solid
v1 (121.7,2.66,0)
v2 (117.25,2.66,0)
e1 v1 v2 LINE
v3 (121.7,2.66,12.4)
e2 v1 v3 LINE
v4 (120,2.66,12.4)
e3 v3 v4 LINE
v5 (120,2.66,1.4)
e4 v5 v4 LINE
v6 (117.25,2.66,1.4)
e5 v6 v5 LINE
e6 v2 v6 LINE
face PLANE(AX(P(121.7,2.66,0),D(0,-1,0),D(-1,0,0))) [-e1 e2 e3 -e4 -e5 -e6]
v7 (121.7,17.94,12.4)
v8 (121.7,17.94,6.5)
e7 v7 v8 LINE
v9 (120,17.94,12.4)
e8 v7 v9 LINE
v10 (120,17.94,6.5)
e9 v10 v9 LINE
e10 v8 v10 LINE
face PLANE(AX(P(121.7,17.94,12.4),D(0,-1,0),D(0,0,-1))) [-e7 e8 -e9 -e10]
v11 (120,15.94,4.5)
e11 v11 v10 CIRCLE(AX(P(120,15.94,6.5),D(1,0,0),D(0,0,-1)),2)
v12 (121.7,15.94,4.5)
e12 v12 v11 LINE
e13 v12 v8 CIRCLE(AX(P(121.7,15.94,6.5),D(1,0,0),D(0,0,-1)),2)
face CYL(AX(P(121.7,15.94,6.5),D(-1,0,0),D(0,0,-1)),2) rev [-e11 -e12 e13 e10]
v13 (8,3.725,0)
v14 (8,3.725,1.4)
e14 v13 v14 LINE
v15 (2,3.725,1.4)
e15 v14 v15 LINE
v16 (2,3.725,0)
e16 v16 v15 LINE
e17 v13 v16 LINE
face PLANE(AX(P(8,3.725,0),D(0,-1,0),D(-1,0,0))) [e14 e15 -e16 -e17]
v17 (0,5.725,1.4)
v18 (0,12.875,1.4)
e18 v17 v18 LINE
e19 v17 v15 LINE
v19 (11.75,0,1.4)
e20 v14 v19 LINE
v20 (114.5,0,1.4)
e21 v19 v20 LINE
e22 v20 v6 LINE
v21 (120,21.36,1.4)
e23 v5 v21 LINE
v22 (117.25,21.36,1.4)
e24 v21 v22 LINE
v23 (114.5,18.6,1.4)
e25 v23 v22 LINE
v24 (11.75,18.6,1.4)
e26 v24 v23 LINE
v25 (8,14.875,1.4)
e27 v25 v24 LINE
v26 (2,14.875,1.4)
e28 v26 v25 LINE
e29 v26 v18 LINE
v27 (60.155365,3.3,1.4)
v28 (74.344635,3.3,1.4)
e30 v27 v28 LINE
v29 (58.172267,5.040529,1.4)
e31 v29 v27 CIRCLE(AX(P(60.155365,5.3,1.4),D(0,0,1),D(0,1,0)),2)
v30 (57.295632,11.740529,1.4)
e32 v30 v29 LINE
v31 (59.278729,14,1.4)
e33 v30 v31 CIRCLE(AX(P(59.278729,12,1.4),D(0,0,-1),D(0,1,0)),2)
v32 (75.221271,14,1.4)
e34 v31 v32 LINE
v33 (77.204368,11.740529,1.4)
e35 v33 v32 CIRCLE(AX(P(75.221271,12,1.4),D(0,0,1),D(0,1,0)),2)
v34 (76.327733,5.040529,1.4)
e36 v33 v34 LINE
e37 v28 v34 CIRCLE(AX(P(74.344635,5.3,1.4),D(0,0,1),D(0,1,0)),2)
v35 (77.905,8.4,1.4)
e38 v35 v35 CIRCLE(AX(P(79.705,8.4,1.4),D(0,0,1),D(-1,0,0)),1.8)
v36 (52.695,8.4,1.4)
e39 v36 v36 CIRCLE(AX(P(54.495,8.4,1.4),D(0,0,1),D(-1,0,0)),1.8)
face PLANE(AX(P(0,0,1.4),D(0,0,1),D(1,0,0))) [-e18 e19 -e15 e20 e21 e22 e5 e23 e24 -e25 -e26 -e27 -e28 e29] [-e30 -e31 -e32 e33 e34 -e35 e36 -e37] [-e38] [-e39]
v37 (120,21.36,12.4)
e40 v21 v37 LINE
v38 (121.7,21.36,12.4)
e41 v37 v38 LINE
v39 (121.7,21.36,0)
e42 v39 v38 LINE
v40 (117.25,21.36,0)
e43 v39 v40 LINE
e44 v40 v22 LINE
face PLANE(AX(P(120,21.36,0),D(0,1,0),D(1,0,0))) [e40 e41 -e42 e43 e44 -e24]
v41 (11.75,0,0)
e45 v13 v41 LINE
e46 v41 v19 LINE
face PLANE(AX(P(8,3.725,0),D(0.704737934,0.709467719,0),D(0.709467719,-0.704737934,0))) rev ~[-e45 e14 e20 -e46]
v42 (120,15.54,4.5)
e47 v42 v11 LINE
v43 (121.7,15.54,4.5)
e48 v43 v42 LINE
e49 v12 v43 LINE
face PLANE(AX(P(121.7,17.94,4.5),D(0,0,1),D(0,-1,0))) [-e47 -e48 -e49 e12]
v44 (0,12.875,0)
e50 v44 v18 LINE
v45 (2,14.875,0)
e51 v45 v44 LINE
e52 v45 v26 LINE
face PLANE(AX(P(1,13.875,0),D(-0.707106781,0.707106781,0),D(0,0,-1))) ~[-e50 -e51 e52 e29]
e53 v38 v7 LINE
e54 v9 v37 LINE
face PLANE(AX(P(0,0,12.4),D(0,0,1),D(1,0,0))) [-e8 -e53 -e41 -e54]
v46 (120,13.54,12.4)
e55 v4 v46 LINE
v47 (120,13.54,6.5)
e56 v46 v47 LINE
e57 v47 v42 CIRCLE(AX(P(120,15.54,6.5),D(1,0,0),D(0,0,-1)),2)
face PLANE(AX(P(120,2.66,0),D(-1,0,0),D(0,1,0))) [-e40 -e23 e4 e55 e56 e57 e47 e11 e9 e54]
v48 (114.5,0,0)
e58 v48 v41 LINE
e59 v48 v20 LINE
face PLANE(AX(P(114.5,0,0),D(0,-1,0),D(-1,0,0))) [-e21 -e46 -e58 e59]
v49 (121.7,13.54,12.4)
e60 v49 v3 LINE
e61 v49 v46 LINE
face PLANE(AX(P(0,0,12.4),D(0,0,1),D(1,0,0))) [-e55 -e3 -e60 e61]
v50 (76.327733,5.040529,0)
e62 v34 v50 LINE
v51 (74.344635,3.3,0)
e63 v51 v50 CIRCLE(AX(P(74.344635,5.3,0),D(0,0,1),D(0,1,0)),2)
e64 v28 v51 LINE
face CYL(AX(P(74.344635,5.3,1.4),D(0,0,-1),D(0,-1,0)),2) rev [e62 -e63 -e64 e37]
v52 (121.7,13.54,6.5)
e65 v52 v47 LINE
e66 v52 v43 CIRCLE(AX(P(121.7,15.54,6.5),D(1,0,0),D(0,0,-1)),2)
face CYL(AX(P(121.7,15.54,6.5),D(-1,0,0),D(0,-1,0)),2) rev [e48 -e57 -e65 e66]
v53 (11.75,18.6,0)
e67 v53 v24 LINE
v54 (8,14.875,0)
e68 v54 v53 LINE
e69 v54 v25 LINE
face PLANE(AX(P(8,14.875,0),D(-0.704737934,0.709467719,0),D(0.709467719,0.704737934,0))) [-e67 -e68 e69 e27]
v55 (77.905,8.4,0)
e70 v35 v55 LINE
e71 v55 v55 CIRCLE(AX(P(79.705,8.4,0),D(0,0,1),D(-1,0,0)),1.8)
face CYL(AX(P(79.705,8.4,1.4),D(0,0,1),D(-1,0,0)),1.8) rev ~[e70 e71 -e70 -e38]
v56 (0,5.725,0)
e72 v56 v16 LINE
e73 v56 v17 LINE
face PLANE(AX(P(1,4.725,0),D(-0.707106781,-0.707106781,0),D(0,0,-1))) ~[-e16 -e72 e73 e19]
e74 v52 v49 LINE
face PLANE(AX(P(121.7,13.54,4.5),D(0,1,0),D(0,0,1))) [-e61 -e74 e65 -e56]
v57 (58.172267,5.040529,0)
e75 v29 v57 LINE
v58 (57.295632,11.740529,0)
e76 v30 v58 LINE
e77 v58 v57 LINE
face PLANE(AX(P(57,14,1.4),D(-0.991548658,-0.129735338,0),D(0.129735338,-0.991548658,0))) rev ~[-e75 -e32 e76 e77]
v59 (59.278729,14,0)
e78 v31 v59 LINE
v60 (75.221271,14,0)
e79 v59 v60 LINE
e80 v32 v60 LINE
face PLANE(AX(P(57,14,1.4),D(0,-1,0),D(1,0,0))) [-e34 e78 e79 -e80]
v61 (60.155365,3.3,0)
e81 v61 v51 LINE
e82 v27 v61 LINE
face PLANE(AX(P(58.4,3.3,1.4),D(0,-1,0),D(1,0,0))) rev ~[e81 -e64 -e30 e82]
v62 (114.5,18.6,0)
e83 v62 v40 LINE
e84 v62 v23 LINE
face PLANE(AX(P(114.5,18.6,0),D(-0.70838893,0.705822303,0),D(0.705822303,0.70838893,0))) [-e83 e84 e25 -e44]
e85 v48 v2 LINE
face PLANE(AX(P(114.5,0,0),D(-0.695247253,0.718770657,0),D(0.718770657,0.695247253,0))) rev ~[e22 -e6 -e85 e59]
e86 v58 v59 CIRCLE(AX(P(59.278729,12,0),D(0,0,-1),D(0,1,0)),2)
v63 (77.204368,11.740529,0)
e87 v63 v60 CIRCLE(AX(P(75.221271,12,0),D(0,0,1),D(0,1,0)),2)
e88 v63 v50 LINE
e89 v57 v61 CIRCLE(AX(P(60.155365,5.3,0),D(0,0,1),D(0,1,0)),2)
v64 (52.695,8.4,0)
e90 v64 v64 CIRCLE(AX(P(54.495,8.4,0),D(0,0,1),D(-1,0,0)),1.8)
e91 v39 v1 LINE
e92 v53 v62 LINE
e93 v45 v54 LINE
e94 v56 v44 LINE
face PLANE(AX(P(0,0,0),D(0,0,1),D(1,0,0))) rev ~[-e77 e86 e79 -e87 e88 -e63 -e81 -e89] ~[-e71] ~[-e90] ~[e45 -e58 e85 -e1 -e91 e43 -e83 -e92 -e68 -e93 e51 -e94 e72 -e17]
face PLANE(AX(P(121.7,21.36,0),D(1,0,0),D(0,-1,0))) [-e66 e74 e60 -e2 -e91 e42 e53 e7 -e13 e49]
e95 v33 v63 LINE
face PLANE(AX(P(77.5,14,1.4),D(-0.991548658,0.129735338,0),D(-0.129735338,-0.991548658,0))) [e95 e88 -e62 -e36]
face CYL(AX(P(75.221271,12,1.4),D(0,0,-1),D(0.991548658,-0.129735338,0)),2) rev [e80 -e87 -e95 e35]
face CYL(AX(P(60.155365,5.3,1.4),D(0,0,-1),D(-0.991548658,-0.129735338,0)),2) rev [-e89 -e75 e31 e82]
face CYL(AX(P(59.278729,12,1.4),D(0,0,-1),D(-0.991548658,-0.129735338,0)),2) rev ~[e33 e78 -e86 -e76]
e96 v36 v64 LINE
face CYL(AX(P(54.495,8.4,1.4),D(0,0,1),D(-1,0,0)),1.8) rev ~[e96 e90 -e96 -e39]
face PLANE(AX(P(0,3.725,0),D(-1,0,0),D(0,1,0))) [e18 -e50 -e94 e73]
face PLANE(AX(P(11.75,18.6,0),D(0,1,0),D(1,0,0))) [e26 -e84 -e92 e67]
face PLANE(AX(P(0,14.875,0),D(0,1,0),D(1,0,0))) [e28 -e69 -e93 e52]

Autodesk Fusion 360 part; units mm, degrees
sketch "스케치1" plane through (0, 0, 0) normal (0, 0, 1) x (1, 0, 0)
  line L0 (11.75, 18.6) -> (114.5, 18.6)
  line L1 (114.5, 18.6) -> (114.5, 0)
  line L2 (114.5, 0) -> (11.75, 0)
  line L3 (11.75, 0) -> (11.75, 18.6)
  line L4 (0, 14.875) -> (8, 14.875)
  line L5 (8, 14.875) -> (8, 3.725)
  line L6 (8, 3.725) -> (0, 3.725)
  line L7 (0, 3.725) -> (0, 14.875)
  line L8 (0, 9.3) -> (8, 9.3) construction
  line L9 (8, 14.875) -> (11.75, 18.6)
  line L10 (8, 3.725) -> (11.75, 0)
  line L11 (1.75, 0) -> (22.5, 0)
  line L12 (0, 1.75) -> (0, 22.5)
  line L13 (120, 21.36) -> (117.25, 21.36)
  line L14 (117.25, 21.36) -> (117.25, 2.66)
  line L15 (117.25, 2.66) -> (120, 2.66)
  line L16 (120, 2.66) -> (120, 21.36)
  line L17 (114.5, 0) -> (144, 0) construction
  line L18 (114.5, 18.6) -> (117.25, 21.36)
  line L19 (114.5, 0) -> (117.25, 2.66)
  line L20 (120, 21.36) -> (121.7, 21.36)
  line L21 (121.7, 21.36) -> (121.7, 2.66)
  line L22 (121.7, 2.66) -> (120, 2.66)
  line L23 (120, 2.66) -> (120, 21.36)
  dimension "d1" = 102.75
  dimension "d2" = 18.6
  dimension "d3" = 8
  dimension "d4" = 11.15
  dimension "d5" = 3.75
  dimension "d6" = 18.7
  dimension "d7" = 2.66
  dimension "d8" = 2.75
  dimension "d9" = 2.75
  dimension "d10" = 1.7
extrude "돌출1" add sketch "스케치1" along normal blind 1.4 contours L0 L1 L2 L3 L11 | L3 L5 L9 L10 | L1 L14 L18 L19 | L4 L5 L6 L7 L12 | L13 L14 L15 L16 L23
extrude "돌출2" add sketch "스케치1" along normal blind 12.4 contours L16 L20 L21 L22 L23
chamfer "모따기1" distance 2 angle 45 2 edges at (0, 3.725, 0.7) (0, 14.875, 0.7)
sketch "스케치2" plane through (121.7, 0, 0) normal (1, 0, 0) x (0, 1, 0)
  line L0 (2.66, 0) -> (21.36, 0)
  line L1 (21.36, 0) -> (21.36, 12.4)
  line L2 (21.36, 12.4) -> (2.66, 12.4)
  line L3 (2.66, 12.4) -> (2.66, 0)
  line L4 (13.54, 12.4) -> (17.94, 12.4)
  line L5 (17.94, 12.4) -> (17.94, 4.5)
  line L6 (17.94, 4.5) -> (13.54, 4.5)
  line L7 (13.54, 4.5) -> (13.54, 12.4)
  dimension "d16" = 3.42
  dimension "d17" = 4.4
  dimension "d18" = 7.9
extrude "돌출3" cut sketch "스케치2" against normal blind 3 contours L2 L4 L5 L6 L7
fillet "모깎기1" radius 2 2 edges at (120.85, 13.54, 4.5) (120.85, 17.94, 4.5)
sketch "스케치3" plane through (0, 0, 1.4) normal (0, 0, 1) x (-1, 0, 0)
  line L0 (-2, -14.875) -> (0, -12.875)
  line L1 (0, -12.875) -> (0, -5.725)
  line L2 (0, -5.725) -> (-2, -3.725)
  line L3 (-2, -3.725) -> (-8, -3.725)
  line L4 (-8, -3.725) -> (-11.75, 0)
  line L5 (-11.75, 0) -> (-114.5, 0)
  line L6 (-114.5, 0) -> (-117.25, -2.66)
  line L7 (-117.25, -2.66) -> (-120, -2.66)
  line L8 (-120, -2.66) -> (-120, -21.36)
  line L9 (-120, -21.36) -> (-117.25, -21.36)
  line L10 (-117.25, -21.36) -> (-114.5, -18.6)
  line L11 (-114.5, -18.6) -> (-11.75, -18.6)
  line L12 (-11.75, -18.6) -> (-8, -14.875)
  line L13 (-8, -14.875) -> (-2, -14.875)
  line L14 (7.5, -3.3) -> (-137.5, -3.3) construction
  line L15 (-114.5, 0) -> (-11.75, 0)
  line L16 (7.5, -14) -> (-137.5, -14) construction
  line L17 (-57, -14) -> (-77.5, -14)
  line L18 (-58.4, -3.3) -> (-76.1, -3.3)
  line L19 (-57, -14) -> (-58.4, -3.3)
  line L20 (-77.5, -14) -> (-76.1, -3.3)
  line L21 (-67.25, -32) -> (-67.25, 14) construction
  line L22 (-57, -26) -> (-57, 12) construction
  line L23 (-77.5, -26) -> (-77.5, 12) construction
  circle A0 centre (-54.495, -8.4) radius 1.8
  circle A1 centre (-79.705, -8.4) radius 1.8
  line L24 (-77.905, -12) -> (-77.905, -5.5195) construction
  line L25 (-56.295, -12) -> (-56.295, -5.5195) construction
  line L26 (-53, -6.6) -> (-81.5, -6.6) construction
  dimension "d23" = 3.3
  dimension "d24" = 10.7
  dimension "d25" = 20.5
  dimension "d26" = 17.7
  dimension "d27" = 42.5
  dimension "d28" = 3.6
  dimension "d30" = 0.705
  dimension "d31" = 0.405
  dimension "d32" = 3.3
extrude "돌출4" cut sketch "스케치3" against normal blind 2 contours L17 L18 L19 L20 | A0 | A1
fillet "모깎기2" radius 2 4 edges at (77.5, 14, 0.7) (57, 14, 0.7) (76.1, 3.3, 0.7) (58.4, 3.3, 0.7)
